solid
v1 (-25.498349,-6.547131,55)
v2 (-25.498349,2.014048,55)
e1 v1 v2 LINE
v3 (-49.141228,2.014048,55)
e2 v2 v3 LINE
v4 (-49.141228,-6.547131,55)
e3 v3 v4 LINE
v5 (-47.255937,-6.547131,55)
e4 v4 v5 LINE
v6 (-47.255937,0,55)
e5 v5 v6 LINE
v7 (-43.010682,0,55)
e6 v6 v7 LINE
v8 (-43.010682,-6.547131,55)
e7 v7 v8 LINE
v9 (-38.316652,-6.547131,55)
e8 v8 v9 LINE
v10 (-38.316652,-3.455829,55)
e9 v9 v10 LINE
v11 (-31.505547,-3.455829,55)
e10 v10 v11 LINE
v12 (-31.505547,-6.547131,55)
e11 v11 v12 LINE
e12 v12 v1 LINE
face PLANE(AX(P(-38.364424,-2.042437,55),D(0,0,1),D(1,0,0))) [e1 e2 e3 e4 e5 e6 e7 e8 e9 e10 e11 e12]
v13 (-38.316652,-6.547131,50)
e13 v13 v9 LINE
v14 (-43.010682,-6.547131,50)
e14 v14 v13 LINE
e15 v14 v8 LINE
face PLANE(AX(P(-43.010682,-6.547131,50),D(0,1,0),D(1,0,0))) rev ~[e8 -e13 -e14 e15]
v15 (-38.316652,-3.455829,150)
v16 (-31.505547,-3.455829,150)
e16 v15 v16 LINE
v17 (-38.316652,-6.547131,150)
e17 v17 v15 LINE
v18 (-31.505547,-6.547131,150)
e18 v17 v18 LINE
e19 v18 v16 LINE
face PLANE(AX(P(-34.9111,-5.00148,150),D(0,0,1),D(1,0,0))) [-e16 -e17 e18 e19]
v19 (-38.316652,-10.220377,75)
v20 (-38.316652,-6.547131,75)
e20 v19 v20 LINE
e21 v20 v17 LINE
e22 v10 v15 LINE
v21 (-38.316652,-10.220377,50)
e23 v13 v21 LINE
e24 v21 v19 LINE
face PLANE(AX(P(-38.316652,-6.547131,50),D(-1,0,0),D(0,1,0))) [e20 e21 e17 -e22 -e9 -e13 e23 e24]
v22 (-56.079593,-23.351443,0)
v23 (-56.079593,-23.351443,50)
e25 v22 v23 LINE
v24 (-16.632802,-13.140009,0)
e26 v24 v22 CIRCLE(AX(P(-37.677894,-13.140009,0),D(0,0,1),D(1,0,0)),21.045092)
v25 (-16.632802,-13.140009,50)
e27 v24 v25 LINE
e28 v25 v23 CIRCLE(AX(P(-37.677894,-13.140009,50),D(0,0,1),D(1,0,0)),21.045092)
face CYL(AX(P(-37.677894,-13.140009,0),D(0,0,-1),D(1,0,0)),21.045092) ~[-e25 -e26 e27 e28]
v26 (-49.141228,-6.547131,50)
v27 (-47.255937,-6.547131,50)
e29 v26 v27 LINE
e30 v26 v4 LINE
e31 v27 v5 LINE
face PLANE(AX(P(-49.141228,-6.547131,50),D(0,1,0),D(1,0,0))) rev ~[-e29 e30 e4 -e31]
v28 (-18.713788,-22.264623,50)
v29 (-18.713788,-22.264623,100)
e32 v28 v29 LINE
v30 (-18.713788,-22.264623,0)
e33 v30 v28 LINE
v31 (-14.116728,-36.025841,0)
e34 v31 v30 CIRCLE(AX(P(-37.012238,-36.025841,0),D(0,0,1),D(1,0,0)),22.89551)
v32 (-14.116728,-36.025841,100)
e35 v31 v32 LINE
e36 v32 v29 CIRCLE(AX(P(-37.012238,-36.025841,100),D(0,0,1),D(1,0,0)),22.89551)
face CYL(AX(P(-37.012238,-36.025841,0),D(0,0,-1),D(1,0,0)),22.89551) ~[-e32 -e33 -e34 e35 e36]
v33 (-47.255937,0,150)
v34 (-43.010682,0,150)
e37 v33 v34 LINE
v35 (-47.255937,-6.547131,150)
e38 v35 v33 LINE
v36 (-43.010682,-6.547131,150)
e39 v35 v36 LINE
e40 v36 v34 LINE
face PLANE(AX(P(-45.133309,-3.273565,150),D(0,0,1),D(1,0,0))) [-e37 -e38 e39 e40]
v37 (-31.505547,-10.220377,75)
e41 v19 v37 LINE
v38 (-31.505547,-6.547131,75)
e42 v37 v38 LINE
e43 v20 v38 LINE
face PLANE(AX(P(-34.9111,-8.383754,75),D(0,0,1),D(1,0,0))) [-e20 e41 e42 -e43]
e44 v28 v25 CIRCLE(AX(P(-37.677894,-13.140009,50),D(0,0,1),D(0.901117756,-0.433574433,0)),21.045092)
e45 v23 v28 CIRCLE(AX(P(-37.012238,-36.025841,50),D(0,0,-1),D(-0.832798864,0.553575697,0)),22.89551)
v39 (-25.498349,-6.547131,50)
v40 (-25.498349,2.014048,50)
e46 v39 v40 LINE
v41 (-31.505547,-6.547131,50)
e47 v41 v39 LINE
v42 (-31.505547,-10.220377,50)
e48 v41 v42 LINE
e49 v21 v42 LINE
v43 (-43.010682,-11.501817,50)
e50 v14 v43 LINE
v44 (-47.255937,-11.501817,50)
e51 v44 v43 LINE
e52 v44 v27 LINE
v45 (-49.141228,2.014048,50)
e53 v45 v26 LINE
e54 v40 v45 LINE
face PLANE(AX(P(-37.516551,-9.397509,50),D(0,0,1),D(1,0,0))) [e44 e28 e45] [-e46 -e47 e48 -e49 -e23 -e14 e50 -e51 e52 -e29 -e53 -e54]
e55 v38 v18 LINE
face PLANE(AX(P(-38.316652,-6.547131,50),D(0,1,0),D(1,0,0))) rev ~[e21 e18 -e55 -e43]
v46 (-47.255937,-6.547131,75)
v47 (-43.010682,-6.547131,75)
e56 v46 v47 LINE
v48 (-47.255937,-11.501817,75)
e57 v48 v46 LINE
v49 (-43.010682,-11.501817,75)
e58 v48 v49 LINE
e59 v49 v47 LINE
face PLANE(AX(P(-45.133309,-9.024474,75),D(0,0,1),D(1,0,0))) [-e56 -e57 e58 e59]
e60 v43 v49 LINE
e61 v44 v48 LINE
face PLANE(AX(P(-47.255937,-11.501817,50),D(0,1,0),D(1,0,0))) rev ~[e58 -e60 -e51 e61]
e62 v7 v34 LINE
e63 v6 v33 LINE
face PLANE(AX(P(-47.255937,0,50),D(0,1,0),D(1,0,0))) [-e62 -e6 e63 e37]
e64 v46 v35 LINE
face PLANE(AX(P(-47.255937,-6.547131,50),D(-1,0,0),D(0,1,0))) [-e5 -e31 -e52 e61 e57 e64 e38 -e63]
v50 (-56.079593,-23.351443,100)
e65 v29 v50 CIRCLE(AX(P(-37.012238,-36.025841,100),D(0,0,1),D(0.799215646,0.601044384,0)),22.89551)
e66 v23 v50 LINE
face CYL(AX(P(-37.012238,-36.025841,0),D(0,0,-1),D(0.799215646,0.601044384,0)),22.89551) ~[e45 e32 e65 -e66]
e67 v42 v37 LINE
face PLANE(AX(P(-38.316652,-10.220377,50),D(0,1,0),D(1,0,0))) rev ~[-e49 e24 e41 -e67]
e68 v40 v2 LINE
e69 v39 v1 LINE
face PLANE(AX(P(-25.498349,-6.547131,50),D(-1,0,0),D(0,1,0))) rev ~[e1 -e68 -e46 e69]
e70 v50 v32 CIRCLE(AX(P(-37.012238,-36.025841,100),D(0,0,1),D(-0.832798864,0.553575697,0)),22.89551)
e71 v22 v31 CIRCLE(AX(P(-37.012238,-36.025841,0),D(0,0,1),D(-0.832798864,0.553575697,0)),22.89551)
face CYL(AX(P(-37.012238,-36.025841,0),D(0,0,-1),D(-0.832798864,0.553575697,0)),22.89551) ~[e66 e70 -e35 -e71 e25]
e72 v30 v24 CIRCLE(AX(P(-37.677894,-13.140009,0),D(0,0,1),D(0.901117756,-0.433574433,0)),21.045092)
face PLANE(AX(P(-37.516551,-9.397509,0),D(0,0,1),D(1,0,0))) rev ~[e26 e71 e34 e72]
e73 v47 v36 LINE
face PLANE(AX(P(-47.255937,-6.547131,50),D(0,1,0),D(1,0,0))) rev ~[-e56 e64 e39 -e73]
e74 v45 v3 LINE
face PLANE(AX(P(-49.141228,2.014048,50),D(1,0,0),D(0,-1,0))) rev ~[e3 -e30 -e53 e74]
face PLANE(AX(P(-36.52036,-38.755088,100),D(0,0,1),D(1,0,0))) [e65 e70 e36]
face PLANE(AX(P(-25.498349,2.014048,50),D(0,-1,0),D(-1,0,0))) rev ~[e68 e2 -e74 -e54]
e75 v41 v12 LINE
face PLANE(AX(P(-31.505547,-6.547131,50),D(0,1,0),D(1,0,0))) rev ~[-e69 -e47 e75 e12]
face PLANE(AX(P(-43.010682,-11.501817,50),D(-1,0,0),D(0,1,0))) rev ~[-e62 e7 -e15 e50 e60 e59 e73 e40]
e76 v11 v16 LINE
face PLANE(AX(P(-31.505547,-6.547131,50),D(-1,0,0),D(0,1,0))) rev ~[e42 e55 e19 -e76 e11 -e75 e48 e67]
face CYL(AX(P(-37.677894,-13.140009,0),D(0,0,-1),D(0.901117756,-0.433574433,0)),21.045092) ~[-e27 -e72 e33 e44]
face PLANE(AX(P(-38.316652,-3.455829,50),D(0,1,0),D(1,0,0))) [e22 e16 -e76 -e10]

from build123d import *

# Parameters (mm, degrees)
F1_DEPTH = 100
F2_DEPTH = 50
F3_W     = 6.8111047149
F3_H     = 3.6732461303
F3_W_2   = 4.2452551425
F3_H_2   = 4.9546863884
F4_DEPTH = 25
F3_H_3   = 3.0913013034
F3_H_4   = 6.5471306443
F5_DEPTH = 100
F6_DEPTH = 5


with BuildPart() as f1:
    # F0 (on Top) → F1 (new body)
    with BuildSketch(Plane.XY):
        with BuildLine():
            ThreePointArc((-56.0795928311, -23.3514428312), (-43.6321915412, -57.9434272798), (-14.1167279775, -36.0258407891))
            ThreePointArc((-14.1167279775, -36.0258407891), (-15.2963829561, -28.7714614887), (-18.7137881744, -22.2646230493))
            ThreePointArc((-18.7137881744, -22.2646230493), (-37.0660364689, -34.1762047765), (-56.0795928311, -23.3514428312))
        make_face()
        with BuildLine():
            ThreePointArc((-56.0795928311, -23.3514428312), (-37.0660364689, -34.1762047765), (-18.7137881744, -22.2646230493))
            ThreePointArc((-18.7137881744, -22.2646230493), (-37.6778941182, -13.1400092827), (-56.0795928311, -23.3514428312))
        make_face()
    extrude(amount=F1_DEPTH)

    # F0 (on Top) → F2 (join)
    with BuildSketch(Plane.XY):
        with BuildLine():
            ThreePointArc((-56.0795928311, -23.3514428312), (-37.6778941182, -13.1400092827), (-18.7137881744, -22.2646230493))
            ThreePointArc((-18.7137881744, -22.2646230493), (-17.1596431946, -17.8194611389), (-16.6328022762, -13.1400092827))
            ThreePointArc((-16.6328022762, -13.1400092827), (-42.9519082998, 7.2335192543), (-56.0795928311, -23.3514428312))
        make_face()
    extrude(amount=F2_DEPTH)

    # F3 (on face) → F4 (join)
    with BuildSketch(Plane.XY.offset(50)):
        with Locations((-34.9110998213, -8.3837537095)):
            Rectangle(F3_W, F3_H)
        with Locations((-45.1333094388, -9.0244738385)):
            Rectangle(F3_W_2, F3_H_2)
    extrude(amount=F4_DEPTH)

    # F3 (on face) → F5 (join)
    with BuildSketch(Plane.XY.offset(50)):
        with Locations((-34.9110998213, -5.0014799926)):
            Rectangle(F3_W, F3_H_3)
        with Locations((-45.1333094388, -3.2735653222)):
            Rectangle(F3_W_2, F3_H_4)
    extrude(amount=F5_DEPTH)

    # F3 (on face) → F6 (join)
    with BuildSketch(Plane.XY.offset(50)):
        Polygon((-31.5055474639, -6.5471306443), (-25.4983492196, -6.5471306443), (-25.4983492196, 2.0140481647), (-49.141228199, 2.0140481647), (-49.141228199, -6.5471306443), (-47.25593701, -6.5471306443), (-47.25593701, 0), (-43.0106818676, 0), (-43.0106818676, -6.5471306443), (-38.3166521788, -6.5471306443), (-38.3166521788, -3.455829341), (-31.5055474639, -3.455829341), align=None)
    extrude(amount=F6_DEPTH)


solid = f1.part
